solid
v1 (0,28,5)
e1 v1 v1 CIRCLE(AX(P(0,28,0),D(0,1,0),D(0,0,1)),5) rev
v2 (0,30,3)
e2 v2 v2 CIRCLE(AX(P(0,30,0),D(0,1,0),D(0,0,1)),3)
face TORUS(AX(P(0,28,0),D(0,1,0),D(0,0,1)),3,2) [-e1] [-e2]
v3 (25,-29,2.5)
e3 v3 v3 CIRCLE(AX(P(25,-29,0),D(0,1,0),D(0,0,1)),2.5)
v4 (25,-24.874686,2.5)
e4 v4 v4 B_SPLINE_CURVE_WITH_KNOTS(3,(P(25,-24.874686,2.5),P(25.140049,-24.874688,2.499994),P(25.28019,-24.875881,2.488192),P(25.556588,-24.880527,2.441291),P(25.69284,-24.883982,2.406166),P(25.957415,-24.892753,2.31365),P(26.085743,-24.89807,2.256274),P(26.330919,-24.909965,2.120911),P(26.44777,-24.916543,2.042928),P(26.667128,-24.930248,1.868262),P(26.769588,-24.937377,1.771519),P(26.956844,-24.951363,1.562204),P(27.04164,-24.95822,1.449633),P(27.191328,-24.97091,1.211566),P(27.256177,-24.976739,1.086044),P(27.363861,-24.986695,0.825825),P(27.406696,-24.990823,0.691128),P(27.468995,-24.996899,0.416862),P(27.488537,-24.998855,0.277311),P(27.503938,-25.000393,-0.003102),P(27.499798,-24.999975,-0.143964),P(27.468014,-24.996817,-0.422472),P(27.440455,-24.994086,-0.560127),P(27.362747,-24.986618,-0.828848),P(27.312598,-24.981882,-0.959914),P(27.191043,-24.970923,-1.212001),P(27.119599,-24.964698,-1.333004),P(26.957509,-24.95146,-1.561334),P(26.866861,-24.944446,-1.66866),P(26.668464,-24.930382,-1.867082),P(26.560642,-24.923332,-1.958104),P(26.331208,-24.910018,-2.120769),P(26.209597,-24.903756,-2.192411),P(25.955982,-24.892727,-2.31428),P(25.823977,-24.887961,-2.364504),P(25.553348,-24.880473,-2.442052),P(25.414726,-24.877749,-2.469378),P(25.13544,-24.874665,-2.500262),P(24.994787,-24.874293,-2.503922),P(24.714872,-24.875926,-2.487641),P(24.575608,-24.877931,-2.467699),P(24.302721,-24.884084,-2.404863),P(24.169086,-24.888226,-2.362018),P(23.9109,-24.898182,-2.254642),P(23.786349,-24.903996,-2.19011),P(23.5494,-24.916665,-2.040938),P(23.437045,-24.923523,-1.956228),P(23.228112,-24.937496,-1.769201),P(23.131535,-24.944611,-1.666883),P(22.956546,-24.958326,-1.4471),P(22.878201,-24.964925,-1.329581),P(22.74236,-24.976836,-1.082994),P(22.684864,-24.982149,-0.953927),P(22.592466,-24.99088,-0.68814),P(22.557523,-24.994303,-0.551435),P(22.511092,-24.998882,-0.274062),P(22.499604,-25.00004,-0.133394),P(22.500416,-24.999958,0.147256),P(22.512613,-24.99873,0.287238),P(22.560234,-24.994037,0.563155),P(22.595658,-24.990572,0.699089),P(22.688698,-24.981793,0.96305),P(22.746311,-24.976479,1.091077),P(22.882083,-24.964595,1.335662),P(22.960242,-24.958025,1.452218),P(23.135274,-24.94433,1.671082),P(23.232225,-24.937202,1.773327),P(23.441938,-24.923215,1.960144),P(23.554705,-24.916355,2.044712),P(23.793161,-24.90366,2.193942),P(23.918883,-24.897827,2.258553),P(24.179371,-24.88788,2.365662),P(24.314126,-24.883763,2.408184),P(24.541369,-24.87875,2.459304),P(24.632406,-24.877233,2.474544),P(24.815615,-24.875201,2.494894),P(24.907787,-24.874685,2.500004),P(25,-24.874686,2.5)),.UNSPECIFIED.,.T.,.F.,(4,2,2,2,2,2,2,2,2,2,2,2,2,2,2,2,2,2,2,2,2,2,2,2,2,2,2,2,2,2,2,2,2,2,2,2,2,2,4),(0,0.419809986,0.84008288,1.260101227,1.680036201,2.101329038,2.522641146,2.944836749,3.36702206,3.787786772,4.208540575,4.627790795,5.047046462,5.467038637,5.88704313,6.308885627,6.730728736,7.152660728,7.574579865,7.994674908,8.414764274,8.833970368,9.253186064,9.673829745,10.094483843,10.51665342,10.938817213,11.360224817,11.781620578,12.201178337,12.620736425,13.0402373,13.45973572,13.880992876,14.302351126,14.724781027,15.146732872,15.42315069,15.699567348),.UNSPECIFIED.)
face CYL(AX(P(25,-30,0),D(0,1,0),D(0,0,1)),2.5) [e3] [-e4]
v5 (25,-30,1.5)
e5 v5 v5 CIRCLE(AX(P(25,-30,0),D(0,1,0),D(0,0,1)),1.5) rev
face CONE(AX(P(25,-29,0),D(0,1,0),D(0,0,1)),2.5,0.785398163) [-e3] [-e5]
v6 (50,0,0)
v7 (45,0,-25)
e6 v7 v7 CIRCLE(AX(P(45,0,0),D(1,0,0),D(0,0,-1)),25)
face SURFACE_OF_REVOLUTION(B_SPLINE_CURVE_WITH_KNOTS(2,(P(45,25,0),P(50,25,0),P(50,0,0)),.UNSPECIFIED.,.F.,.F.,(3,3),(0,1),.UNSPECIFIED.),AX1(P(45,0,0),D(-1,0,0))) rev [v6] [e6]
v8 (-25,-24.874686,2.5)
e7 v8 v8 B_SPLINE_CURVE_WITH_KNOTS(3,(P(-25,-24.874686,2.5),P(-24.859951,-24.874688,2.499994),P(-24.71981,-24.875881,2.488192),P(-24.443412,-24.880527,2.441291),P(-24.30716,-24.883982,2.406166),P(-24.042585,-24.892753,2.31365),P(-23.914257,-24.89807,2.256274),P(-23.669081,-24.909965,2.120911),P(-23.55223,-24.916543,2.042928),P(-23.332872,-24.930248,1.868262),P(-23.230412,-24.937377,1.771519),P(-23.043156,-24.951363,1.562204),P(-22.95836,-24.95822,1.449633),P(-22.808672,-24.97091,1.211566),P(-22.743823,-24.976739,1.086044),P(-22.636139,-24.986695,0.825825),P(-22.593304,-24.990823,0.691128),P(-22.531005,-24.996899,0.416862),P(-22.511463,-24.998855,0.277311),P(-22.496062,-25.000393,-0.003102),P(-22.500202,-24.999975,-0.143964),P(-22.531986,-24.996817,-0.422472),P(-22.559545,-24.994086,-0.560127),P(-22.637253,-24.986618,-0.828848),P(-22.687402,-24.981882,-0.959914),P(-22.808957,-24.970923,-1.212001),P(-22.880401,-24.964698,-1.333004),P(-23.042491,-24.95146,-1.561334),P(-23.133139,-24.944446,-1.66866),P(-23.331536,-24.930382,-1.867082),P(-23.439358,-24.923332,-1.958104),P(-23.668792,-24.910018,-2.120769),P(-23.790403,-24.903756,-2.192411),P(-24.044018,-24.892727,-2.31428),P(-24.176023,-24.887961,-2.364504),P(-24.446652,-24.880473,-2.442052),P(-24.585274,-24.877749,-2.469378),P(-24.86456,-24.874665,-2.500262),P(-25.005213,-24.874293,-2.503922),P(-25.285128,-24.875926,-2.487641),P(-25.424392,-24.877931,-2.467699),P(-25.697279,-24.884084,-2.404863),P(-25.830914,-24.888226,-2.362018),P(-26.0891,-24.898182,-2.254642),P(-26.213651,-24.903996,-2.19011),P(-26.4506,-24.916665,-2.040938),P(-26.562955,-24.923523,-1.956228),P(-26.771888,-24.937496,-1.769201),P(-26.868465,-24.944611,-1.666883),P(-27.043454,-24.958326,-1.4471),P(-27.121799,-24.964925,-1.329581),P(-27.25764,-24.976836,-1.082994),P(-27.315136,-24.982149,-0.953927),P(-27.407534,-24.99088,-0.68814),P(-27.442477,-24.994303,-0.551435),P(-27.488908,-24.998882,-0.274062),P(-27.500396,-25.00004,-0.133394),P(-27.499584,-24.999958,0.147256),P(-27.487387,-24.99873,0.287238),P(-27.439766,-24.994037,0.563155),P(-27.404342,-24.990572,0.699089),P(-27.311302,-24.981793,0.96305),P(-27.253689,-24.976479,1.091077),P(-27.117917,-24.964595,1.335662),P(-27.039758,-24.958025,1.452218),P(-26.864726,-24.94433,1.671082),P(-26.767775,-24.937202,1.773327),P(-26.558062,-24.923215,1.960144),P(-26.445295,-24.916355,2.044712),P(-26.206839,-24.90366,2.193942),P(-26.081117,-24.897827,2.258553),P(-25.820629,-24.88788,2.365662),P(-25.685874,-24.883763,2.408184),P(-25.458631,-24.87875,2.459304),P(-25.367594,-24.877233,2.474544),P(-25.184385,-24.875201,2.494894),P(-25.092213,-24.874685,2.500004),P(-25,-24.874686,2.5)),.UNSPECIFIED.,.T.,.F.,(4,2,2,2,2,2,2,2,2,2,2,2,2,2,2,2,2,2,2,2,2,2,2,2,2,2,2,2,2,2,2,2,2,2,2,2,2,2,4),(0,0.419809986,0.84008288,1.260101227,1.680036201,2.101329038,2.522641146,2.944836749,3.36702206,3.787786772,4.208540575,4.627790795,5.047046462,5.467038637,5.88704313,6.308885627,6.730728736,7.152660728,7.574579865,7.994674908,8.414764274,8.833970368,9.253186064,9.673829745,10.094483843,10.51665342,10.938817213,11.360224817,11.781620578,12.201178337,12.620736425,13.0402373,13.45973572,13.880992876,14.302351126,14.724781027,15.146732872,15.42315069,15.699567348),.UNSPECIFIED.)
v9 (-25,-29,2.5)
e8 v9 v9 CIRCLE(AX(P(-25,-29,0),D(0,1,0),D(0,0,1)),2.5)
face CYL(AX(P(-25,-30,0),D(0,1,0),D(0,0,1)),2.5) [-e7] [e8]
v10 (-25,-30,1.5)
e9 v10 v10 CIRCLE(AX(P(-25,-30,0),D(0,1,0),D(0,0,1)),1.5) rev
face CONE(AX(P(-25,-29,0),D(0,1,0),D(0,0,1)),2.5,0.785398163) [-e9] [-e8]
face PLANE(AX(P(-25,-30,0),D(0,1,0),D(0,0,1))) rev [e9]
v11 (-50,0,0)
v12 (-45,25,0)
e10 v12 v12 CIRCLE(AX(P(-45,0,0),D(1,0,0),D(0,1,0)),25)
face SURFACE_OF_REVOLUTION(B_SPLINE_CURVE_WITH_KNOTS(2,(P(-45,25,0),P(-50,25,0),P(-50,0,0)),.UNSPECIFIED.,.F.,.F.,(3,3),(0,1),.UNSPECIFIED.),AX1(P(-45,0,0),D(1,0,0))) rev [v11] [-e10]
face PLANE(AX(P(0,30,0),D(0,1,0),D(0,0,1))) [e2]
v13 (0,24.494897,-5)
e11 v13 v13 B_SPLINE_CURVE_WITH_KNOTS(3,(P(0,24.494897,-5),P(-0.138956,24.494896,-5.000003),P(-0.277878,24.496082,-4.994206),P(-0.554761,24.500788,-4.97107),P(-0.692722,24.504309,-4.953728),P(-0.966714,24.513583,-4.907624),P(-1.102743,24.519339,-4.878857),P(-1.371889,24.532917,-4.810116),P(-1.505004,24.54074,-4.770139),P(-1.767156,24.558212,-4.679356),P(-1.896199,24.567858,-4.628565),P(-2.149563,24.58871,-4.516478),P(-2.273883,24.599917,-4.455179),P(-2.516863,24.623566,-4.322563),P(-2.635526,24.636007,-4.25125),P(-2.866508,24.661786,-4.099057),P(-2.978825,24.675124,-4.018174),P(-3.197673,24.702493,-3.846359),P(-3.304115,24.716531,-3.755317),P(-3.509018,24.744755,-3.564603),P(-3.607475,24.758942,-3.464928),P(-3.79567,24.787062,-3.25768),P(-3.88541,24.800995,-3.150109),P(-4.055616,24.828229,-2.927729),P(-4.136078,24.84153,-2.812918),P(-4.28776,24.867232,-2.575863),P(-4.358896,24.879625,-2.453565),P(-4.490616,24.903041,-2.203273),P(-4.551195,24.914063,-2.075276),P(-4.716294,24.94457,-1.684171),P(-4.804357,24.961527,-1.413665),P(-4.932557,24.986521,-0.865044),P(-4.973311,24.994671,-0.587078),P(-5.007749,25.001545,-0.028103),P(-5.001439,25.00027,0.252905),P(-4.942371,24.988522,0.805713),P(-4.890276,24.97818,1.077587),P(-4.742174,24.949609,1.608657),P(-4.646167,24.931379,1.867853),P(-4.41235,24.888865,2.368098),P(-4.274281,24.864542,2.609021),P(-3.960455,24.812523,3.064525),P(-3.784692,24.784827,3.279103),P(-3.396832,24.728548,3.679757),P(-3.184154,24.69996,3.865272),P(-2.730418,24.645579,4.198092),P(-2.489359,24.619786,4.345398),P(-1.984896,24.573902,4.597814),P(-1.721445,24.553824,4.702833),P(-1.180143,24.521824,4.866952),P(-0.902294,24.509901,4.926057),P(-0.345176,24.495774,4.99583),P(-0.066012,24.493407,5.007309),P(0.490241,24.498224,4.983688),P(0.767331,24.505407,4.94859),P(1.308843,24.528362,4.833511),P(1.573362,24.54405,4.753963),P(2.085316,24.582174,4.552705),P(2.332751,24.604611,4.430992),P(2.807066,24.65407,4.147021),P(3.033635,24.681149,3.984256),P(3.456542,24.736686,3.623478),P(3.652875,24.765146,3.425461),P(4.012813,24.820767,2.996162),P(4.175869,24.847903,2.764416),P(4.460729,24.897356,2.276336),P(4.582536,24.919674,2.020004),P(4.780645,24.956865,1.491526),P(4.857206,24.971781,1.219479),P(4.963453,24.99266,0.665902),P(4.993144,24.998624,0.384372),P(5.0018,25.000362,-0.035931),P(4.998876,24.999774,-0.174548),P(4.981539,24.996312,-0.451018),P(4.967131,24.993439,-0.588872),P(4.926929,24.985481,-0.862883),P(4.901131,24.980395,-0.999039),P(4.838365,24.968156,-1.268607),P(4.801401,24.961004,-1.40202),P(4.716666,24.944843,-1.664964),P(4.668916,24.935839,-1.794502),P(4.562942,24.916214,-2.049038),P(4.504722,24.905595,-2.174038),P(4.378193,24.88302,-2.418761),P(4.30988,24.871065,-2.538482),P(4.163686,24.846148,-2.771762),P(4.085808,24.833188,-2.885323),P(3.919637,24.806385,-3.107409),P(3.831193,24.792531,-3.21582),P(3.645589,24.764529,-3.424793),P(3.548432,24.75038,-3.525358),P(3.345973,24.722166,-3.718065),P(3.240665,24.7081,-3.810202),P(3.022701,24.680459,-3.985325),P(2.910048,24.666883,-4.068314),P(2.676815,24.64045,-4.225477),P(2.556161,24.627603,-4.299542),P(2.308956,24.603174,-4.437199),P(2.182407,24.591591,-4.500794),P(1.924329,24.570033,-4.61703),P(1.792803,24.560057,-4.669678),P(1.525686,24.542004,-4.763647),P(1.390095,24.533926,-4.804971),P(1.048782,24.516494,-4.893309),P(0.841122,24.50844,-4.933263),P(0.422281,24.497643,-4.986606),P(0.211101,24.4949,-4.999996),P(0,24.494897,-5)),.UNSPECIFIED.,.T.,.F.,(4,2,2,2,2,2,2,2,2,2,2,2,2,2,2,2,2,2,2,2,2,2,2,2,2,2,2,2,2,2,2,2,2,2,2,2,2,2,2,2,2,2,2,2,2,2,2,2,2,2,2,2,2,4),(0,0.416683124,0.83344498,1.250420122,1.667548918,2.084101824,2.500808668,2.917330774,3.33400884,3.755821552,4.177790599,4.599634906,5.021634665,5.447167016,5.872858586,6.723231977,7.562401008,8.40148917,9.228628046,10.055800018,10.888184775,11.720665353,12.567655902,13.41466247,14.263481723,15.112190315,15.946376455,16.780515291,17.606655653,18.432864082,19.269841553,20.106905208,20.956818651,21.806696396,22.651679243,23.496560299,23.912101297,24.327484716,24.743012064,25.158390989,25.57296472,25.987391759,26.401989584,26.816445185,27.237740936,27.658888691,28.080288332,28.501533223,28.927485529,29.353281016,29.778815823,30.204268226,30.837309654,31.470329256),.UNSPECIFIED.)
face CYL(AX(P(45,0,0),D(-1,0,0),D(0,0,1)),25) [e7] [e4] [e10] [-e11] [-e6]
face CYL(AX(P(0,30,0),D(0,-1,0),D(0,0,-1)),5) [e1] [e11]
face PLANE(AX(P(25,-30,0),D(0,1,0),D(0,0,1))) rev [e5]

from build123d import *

# Parameters (mm, degrees)
SKETCH1_R           = 25
BOSS_EXTRUDE1_DEPTH = 45
SKETCH3_R           = 5
BOSS_EXTRUDE2_DEPTH = 30
FILLET1_R           = 2
SKETCH4_R           = 2.5
BOSS_EXTRUDE3_DEPTH = 30
CHAMFER1_SIZE       = 1


with BuildPart() as part:
    # Sketch1 → Boss-Extrude1 (new, symmetric)
    with BuildSketch(Plane(origin=(0, 0, 0), x_dir=(0, 0, -1), z_dir=(1, 0, 0))):
        Circle(SKETCH1_R)
    extrude(amount=BOSS_EXTRUDE1_DEPTH, both=True)

    # Sketch2 → Revolve1 (revolve)
    with BuildSketch(Plane.XY):
        with BuildLine():
            Line((-45, 0), (-45, 25))
            add(Edge.make_bspline(
                [(-45, 25), (-50, 25), (-50, 0)],
                knots=[0, 0, 0, 1, 1, 1], degree=2))
            Line((-50, 0), (-45, 0))
        make_face()
    revolve(axis=Axis((-45, 0, 0), (-1, 0, 0)))

    # Sketch2<4> → Revolve2 (revolve)
    with BuildSketch(Plane.XY):
        with BuildLine():
            Line((45, 25), (45, 0))
            Line((45, 0), (50, 0))
            add(Edge.make_bspline(
                [(45, 25), (50, 25), (50, 0)],
                knots=[0, 0, 0, 1, 1, 1], degree=2))
        make_face()
    revolve(axis=Axis((45, 0, 0), (1, 0, 0)))

    # Sketch3 → Boss-Extrude2 (add)
    with BuildSketch(Plane(origin=(0, 0, 0), x_dir=(1, 0, 0), z_dir=(0, 1, 0))):
        Circle(SKETCH3_R)
    extrude(amount=BOSS_EXTRUDE2_DEPTH)

    # Fillet1
    fillet1_edges = [part.edges().sort_by_distance(p)[0] for p in [
        (-5, 30, 0),
    ]]
    fillet(fillet1_edges, radius=FILLET1_R)

    # Sketch4 → Boss-Extrude3 (add)
    with BuildSketch(Plane(origin=(0, 0, 0), x_dir=(1, 0, 0), z_dir=(0, 1, 0))):
        with Locations((-25, 0)):
            Circle(SKETCH4_R)
        with Locations((25, 0)):
            Circle(SKETCH4_R)
    extrude(amount=-BOSS_EXTRUDE3_DEPTH)

    # Chamfer1
    chamfer1_edges = [part.edges().sort_by_distance(p)[0] for p in [
        (22.5, -30, 0),
        (-27.5, -30, 0),
    ]]
    chamfer(chamfer1_edges, length=CHAMFER1_SIZE)


solid = part.part
